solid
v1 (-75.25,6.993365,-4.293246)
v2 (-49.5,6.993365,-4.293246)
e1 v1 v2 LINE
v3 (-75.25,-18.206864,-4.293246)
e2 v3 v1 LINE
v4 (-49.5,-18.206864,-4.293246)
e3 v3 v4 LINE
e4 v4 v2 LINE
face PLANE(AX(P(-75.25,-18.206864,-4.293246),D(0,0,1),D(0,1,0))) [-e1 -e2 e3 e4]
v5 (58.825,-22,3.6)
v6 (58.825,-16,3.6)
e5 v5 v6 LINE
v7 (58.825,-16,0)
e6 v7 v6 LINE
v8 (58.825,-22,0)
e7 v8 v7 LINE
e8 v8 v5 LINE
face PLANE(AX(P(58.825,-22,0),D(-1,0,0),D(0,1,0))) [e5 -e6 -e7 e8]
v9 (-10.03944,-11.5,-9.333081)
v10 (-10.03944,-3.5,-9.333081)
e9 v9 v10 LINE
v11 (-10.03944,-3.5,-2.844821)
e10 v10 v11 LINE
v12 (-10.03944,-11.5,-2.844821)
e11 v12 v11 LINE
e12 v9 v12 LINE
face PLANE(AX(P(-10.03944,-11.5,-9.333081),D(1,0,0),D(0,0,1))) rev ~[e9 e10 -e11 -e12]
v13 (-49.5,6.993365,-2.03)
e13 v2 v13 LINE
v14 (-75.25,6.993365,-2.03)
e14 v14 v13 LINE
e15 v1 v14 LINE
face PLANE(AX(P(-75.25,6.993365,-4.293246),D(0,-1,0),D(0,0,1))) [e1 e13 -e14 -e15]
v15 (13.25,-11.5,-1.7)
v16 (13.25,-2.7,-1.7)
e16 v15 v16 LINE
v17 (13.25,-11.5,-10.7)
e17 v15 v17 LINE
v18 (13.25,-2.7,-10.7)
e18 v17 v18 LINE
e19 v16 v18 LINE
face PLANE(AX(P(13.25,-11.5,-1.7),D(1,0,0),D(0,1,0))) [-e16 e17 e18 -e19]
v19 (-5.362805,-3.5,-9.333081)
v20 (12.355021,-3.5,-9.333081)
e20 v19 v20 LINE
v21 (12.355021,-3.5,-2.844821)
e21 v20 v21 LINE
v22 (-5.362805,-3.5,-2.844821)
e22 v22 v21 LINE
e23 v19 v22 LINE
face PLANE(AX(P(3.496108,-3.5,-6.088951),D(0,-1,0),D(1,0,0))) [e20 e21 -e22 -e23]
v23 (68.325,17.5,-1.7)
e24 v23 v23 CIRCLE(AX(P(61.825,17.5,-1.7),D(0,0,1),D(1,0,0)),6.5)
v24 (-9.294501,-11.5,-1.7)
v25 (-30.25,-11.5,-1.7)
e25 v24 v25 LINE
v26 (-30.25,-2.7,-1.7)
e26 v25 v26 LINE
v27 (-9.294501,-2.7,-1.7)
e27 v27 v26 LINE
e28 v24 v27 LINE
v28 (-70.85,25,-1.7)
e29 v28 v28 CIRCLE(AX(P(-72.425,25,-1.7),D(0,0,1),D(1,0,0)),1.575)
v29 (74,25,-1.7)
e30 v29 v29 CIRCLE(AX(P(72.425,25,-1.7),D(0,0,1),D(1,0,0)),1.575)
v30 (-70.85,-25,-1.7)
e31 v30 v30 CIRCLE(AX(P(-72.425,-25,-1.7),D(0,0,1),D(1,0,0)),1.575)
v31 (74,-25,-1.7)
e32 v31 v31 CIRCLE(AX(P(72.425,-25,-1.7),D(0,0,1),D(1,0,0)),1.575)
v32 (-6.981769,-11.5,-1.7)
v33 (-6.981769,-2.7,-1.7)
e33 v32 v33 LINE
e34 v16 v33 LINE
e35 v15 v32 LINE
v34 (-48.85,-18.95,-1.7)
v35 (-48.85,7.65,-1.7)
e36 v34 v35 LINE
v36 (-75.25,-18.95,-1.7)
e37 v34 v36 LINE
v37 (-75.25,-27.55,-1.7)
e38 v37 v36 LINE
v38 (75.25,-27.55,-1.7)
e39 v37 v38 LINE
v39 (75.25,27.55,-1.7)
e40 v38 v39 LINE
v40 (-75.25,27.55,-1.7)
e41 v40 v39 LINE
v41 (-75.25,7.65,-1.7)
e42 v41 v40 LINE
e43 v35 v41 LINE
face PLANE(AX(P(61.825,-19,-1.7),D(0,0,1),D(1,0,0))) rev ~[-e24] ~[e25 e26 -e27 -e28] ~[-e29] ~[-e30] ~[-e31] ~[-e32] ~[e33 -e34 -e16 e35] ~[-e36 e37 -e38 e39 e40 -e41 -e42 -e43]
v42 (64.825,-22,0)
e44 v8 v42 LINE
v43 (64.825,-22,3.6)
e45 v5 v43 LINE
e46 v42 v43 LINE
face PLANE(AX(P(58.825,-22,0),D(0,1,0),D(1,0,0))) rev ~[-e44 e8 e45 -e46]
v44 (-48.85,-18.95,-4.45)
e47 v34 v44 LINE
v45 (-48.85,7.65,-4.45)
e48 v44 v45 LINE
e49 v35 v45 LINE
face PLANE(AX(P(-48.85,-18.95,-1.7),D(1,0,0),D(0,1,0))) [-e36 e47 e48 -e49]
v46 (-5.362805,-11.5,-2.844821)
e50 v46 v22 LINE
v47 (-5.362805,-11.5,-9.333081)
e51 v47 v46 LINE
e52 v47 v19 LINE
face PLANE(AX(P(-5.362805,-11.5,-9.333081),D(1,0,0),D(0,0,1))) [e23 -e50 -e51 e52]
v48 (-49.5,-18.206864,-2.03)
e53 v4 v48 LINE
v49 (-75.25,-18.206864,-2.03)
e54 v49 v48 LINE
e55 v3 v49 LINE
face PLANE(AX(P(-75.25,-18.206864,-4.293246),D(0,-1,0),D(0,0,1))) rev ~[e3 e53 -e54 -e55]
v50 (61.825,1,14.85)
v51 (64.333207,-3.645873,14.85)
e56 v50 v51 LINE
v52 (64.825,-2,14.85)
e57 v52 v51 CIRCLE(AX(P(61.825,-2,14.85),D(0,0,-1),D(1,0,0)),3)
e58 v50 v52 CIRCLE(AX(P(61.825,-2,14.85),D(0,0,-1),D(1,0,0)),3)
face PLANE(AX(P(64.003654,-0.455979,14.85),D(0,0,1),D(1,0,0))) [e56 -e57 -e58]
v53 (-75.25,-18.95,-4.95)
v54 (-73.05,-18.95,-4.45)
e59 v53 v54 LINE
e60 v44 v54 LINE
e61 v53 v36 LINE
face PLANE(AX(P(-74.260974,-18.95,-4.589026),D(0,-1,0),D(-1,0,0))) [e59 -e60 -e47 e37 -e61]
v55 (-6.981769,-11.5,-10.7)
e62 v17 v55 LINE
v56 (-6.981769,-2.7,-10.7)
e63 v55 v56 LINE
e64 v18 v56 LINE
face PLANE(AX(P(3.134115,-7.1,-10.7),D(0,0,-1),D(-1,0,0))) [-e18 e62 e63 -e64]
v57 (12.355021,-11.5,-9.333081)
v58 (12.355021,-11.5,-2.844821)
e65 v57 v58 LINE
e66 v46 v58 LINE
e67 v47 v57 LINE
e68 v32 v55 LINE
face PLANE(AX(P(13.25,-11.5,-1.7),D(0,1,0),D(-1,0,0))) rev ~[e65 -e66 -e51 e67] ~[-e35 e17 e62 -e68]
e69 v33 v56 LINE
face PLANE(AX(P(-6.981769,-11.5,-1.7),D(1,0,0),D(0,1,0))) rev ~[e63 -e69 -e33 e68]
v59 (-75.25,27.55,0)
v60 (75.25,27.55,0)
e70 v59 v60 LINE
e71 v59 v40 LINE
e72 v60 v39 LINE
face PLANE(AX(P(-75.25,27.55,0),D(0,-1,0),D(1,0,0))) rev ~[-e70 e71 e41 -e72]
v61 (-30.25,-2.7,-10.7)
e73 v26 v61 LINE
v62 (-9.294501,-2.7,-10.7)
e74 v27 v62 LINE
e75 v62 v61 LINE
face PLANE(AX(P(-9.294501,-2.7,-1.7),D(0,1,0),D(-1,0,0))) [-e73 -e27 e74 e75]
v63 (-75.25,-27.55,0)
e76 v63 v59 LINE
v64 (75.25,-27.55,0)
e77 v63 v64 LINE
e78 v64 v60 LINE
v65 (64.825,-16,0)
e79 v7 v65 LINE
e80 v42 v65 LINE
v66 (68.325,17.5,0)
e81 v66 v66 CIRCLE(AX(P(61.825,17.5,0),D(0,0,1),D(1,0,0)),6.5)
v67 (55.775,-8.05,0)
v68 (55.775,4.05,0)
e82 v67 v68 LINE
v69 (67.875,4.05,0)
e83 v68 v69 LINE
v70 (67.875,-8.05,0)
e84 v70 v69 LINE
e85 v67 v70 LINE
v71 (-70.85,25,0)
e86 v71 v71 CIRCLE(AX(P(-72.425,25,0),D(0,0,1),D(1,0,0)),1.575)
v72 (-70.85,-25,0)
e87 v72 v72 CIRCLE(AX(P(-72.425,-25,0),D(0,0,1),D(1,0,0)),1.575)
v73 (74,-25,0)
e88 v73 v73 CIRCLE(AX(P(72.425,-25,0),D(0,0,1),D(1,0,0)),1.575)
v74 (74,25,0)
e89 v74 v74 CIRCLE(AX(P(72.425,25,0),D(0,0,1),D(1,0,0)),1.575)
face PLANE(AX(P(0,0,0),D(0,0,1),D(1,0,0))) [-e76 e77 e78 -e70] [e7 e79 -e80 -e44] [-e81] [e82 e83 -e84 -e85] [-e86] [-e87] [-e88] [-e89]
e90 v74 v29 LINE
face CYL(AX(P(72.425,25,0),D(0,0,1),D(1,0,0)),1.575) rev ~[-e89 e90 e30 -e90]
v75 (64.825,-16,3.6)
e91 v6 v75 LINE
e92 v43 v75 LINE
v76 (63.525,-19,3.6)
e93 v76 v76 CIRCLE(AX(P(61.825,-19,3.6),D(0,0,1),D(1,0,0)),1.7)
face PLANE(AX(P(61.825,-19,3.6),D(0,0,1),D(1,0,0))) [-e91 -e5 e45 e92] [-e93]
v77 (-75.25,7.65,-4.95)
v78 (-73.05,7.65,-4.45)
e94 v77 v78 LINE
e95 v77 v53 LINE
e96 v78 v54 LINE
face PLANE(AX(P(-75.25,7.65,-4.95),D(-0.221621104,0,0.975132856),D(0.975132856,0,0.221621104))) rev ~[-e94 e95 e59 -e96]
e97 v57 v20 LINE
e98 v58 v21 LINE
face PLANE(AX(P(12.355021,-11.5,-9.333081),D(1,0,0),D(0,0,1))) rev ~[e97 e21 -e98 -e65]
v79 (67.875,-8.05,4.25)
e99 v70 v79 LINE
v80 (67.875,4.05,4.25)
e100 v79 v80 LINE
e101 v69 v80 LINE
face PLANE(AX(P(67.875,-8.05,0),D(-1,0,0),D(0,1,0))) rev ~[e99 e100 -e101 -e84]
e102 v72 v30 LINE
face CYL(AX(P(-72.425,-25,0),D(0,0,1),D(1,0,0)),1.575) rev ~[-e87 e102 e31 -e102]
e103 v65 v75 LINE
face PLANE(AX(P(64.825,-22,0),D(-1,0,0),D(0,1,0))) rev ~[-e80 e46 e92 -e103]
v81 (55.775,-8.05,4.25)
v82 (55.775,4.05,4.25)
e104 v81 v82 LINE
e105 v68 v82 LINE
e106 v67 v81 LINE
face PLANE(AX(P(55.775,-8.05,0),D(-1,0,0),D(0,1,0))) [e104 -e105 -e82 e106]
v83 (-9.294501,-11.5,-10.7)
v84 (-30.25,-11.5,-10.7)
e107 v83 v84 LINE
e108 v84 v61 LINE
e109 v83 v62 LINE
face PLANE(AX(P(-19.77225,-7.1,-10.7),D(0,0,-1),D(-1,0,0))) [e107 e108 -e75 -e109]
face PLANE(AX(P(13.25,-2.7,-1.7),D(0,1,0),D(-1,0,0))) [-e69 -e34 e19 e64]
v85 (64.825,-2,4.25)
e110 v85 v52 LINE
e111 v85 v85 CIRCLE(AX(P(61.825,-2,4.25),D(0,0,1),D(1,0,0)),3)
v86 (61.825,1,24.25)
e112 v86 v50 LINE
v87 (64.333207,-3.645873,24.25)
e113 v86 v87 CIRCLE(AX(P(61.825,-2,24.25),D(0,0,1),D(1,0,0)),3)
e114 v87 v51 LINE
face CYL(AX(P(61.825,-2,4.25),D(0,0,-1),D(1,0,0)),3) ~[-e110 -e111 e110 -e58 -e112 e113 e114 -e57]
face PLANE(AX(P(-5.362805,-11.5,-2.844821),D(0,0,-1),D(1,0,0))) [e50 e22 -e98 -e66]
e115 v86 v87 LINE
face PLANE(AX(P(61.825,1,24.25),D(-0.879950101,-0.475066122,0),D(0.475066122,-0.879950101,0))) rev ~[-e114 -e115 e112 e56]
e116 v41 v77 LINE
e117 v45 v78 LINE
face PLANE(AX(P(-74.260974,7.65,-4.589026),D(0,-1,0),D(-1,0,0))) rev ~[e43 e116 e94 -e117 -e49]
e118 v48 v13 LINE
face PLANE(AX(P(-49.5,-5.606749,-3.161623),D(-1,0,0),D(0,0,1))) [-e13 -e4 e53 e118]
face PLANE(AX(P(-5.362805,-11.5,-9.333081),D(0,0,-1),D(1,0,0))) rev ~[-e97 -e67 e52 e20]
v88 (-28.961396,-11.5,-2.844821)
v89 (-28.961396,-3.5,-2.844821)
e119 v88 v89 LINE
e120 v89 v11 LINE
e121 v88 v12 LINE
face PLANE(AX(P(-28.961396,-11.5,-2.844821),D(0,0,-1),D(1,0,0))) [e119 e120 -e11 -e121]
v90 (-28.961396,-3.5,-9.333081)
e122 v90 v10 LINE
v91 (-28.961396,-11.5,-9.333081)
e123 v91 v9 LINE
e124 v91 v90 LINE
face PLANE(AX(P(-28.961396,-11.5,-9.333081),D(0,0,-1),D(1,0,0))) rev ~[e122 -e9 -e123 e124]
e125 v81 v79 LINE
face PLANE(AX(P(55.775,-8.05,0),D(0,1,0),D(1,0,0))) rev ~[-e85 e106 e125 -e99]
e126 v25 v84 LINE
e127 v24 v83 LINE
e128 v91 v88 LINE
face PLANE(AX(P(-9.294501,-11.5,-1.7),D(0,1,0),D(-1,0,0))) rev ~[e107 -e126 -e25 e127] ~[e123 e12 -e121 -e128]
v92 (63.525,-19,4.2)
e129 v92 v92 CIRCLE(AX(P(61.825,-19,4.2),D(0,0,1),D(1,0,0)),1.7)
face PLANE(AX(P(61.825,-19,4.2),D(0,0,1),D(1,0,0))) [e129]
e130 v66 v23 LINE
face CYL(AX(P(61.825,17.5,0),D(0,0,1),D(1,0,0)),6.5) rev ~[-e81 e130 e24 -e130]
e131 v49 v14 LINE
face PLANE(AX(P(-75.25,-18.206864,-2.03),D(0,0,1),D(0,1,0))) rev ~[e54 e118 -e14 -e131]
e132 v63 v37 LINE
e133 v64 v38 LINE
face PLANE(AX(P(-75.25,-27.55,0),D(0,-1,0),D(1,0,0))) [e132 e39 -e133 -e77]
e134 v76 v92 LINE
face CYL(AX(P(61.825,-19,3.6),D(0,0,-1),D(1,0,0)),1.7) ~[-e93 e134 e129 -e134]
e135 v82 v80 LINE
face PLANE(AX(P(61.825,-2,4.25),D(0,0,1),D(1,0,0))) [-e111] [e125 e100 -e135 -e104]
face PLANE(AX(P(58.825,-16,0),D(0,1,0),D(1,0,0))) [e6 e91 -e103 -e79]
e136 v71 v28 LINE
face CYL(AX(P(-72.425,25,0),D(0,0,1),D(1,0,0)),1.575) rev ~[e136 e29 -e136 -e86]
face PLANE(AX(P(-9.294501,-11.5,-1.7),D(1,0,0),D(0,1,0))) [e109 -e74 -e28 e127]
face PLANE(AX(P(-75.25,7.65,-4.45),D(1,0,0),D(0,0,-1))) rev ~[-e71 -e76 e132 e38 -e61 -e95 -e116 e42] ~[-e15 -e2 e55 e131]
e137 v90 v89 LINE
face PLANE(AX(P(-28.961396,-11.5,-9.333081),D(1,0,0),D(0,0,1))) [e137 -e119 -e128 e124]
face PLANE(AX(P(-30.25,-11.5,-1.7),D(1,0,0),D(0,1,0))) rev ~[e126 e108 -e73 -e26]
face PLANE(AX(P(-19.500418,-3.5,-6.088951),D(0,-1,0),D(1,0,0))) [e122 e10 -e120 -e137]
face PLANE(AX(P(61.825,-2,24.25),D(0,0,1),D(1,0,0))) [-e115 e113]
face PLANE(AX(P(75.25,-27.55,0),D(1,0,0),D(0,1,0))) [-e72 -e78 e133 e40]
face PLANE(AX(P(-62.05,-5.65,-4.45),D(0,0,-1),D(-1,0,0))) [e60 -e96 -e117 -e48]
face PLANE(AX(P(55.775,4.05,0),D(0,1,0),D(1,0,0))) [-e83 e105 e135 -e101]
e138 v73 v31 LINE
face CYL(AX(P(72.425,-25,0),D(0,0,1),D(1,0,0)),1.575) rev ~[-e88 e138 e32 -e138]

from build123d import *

# Parameters (mm, degrees)
SKETCH1_W                = 150.5
SKETCH1_H                = 55.1
SKETCH1_R                = 1.575
SKETCH1_R_2              = 6.5
SKETCH1_W_2              = 12.1
SKETCH1_H_2              = 12.1
SKETCH1_W_3              = 6
SKETCH1_H_3              = 6
BOSS_EXTRUDE1_DEPTH      = 1.7
SKETCH3_W                = 12.1
SKETCH3_H                = 12.1
BOSS_EXTRUDE2_DEPTH      = 4.25
BOSS_EXTRUDE2_DEPTH_BACK = 1.7
SKETCH5_R                = 3
BOSS_EXTRUDE3_DEPTH      = 20
CUT_EXTRUDE1_DEPTH       = 9.4
SKETCH7_W                = 6
SKETCH7_H                = 6
BOSS_EXTRUDE4_DEPTH      = 3.6
BOSS_EXTRUDE4_DEPTH_BACK = 1.7
SKETCH8_R                = 1.7
BOSS_EXTRUDE5_DEPTH      = 0.6
SKETCH9_W                = 26.4
SKETCH9_H                = 26.6
BOSS_EXTRUDE6_DEPTH      = 2.75
BOSS_EXTRUDE7_DEPTH      = 26.6
SKETCH11_W               = 2.263245578
SKETCH11_H               = 25.200228651
CUT_EXTRUDE2_DEPTH       = 25.75
SKETCH12_W               = 20.23176928
SKETCH12_H               = 8.8
SKETCH12_W_2             = 20.955499341
BOSS_EXTRUDE8_DEPTH      = 9
SKETCH13_W               = 17.717825076
SKETCH13_H               = 6.488260173
SKETCH13_W_2             = 18.921956069
CUT_EXTRUDE3_DEPTH       = 8


with BuildPart() as part:
    # Sketch1 → Boss-Extrude1 (new body)
    with BuildSketch(Plane.XY):
        Rectangle(SKETCH1_W, SKETCH1_H)
        with Locations((-72.425, 25)):
            Circle(SKETCH1_R, mode=Mode.SUBTRACT)
        with Locations((72.425, 25)):
            Circle(SKETCH1_R, mode=Mode.SUBTRACT)
        with Locations((72.425, -25)):
            Circle(SKETCH1_R, mode=Mode.SUBTRACT)
        with Locations((-72.425, -25)):
            Circle(SKETCH1_R, mode=Mode.SUBTRACT)
        with Locations((61.825, 17.5)):
            Circle(SKETCH1_R_2, mode=Mode.SUBTRACT)
        with Locations((61.825, -2)):
            Rectangle(SKETCH1_W_2, SKETCH1_H_2, mode=Mode.SUBTRACT)
        with Locations((61.825, -19)):
            Rectangle(SKETCH1_W_3, SKETCH1_H_3, mode=Mode.SUBTRACT)
    extrude(amount=-BOSS_EXTRUDE1_DEPTH)

    # Sketch3 → Boss-Extrude2 (add, two sides)
    with BuildSketch(Plane.XY) as boss_extrude2_sk:
        with Locations((61.825, -2)):
            Rectangle(SKETCH3_W, SKETCH3_H)
    extrude(amount=BOSS_EXTRUDE2_DEPTH)
    extrude(boss_extrude2_sk.sketch, amount=-BOSS_EXTRUDE2_DEPTH_BACK)

    # Sketch5 → Boss-Extrude3 (add)
    with BuildSketch(Plane.XY.offset(4.25)):
        with Locations((61.825, -2)):
            Circle(SKETCH5_R)
    extrude(amount=BOSS_EXTRUDE3_DEPTH)

    # Sketch6 → Cut-Extrude1 (cut)
    with BuildSketch(Plane.XY.offset(24.25)):
        Polygon((61.825, 1), (64.333206892, -3.645873077), (66.484499698, -3.318483035), (63.123279269, 3.423164798), align=None)
    extrude(amount=-CUT_EXTRUDE1_DEPTH, mode=Mode.SUBTRACT)

    # Sketch7 → Boss-Extrude4 (add, two sides)
    with BuildSketch(Plane.XY) as boss_extrude4_sk:
        with Locations((61.825, -19)):
            Rectangle(SKETCH7_W, SKETCH7_H)
    extrude(amount=BOSS_EXTRUDE4_DEPTH)
    extrude(boss_extrude4_sk.sketch, amount=-BOSS_EXTRUDE4_DEPTH_BACK)

    # Sketch8 → Boss-Extrude5 (add)
    with BuildSketch(Plane.XY.offset(3.6)):
        with Locations((61.825, -19)):
            Circle(SKETCH8_R)
    extrude(amount=BOSS_EXTRUDE5_DEPTH)

    # Sketch9 → Boss-Extrude6 (add)
    with BuildSketch(Plane(origin=(0, 0, -1.7), x_dir=(-1, 0, 0), z_dir=(0, 0, -1))):
        with Locations((62.05, -5.65)):
            Rectangle(SKETCH9_W, SKETCH9_H)
    extrude(amount=BOSS_EXTRUDE6_DEPTH)

    # Sketch10 → Boss-Extrude7 (add)
    with BuildSketch(Plane(origin=(0, 7.65, 0), x_dir=(1, 0, 0), z_dir=(0, 1, 0))):
        Polygon((-75.25, 4.45), (-75.25, 4.95), (-73.05, 4.45), align=None)
    extrude(amount=-BOSS_EXTRUDE7_DEPTH)

    # Sketch11 → Cut-Extrude2 (cut)
    with BuildSketch(Plane.ZY.offset(75.25)):
        with Locations((-3.161622789, -5.606749437)):
            Rectangle(SKETCH11_W, SKETCH11_H)
    extrude(amount=-CUT_EXTRUDE2_DEPTH, mode=Mode.SUBTRACT)

    # Sketch12 → Boss-Extrude8 (add)
    with BuildSketch(Plane(origin=(0, 0, -1.7), x_dir=(-1, 0, 0), z_dir=(0, 0, -1))):
        with Locations((-3.13411536, -7.1)):
            Rectangle(SKETCH12_W, SKETCH12_H)
        with Locations((19.77225033, -7.1)):
            Rectangle(SKETCH12_W_2, SKETCH12_H)
    extrude(amount=BOSS_EXTRUDE8_DEPTH)

    # Sketch13 → Cut-Extrude3 (cut)
    with BuildSketch(Plane.XZ.offset(11.5)):
        with Locations((3.496108, -6.088951298)):
            Rectangle(SKETCH13_W, SKETCH13_H)
        with Locations((-19.500417756, -6.088951298)):
            Rectangle(SKETCH13_W_2, SKETCH13_H)
    extrude(amount=-CUT_EXTRUDE3_DEPTH, mode=Mode.SUBTRACT)


solid = part.part
